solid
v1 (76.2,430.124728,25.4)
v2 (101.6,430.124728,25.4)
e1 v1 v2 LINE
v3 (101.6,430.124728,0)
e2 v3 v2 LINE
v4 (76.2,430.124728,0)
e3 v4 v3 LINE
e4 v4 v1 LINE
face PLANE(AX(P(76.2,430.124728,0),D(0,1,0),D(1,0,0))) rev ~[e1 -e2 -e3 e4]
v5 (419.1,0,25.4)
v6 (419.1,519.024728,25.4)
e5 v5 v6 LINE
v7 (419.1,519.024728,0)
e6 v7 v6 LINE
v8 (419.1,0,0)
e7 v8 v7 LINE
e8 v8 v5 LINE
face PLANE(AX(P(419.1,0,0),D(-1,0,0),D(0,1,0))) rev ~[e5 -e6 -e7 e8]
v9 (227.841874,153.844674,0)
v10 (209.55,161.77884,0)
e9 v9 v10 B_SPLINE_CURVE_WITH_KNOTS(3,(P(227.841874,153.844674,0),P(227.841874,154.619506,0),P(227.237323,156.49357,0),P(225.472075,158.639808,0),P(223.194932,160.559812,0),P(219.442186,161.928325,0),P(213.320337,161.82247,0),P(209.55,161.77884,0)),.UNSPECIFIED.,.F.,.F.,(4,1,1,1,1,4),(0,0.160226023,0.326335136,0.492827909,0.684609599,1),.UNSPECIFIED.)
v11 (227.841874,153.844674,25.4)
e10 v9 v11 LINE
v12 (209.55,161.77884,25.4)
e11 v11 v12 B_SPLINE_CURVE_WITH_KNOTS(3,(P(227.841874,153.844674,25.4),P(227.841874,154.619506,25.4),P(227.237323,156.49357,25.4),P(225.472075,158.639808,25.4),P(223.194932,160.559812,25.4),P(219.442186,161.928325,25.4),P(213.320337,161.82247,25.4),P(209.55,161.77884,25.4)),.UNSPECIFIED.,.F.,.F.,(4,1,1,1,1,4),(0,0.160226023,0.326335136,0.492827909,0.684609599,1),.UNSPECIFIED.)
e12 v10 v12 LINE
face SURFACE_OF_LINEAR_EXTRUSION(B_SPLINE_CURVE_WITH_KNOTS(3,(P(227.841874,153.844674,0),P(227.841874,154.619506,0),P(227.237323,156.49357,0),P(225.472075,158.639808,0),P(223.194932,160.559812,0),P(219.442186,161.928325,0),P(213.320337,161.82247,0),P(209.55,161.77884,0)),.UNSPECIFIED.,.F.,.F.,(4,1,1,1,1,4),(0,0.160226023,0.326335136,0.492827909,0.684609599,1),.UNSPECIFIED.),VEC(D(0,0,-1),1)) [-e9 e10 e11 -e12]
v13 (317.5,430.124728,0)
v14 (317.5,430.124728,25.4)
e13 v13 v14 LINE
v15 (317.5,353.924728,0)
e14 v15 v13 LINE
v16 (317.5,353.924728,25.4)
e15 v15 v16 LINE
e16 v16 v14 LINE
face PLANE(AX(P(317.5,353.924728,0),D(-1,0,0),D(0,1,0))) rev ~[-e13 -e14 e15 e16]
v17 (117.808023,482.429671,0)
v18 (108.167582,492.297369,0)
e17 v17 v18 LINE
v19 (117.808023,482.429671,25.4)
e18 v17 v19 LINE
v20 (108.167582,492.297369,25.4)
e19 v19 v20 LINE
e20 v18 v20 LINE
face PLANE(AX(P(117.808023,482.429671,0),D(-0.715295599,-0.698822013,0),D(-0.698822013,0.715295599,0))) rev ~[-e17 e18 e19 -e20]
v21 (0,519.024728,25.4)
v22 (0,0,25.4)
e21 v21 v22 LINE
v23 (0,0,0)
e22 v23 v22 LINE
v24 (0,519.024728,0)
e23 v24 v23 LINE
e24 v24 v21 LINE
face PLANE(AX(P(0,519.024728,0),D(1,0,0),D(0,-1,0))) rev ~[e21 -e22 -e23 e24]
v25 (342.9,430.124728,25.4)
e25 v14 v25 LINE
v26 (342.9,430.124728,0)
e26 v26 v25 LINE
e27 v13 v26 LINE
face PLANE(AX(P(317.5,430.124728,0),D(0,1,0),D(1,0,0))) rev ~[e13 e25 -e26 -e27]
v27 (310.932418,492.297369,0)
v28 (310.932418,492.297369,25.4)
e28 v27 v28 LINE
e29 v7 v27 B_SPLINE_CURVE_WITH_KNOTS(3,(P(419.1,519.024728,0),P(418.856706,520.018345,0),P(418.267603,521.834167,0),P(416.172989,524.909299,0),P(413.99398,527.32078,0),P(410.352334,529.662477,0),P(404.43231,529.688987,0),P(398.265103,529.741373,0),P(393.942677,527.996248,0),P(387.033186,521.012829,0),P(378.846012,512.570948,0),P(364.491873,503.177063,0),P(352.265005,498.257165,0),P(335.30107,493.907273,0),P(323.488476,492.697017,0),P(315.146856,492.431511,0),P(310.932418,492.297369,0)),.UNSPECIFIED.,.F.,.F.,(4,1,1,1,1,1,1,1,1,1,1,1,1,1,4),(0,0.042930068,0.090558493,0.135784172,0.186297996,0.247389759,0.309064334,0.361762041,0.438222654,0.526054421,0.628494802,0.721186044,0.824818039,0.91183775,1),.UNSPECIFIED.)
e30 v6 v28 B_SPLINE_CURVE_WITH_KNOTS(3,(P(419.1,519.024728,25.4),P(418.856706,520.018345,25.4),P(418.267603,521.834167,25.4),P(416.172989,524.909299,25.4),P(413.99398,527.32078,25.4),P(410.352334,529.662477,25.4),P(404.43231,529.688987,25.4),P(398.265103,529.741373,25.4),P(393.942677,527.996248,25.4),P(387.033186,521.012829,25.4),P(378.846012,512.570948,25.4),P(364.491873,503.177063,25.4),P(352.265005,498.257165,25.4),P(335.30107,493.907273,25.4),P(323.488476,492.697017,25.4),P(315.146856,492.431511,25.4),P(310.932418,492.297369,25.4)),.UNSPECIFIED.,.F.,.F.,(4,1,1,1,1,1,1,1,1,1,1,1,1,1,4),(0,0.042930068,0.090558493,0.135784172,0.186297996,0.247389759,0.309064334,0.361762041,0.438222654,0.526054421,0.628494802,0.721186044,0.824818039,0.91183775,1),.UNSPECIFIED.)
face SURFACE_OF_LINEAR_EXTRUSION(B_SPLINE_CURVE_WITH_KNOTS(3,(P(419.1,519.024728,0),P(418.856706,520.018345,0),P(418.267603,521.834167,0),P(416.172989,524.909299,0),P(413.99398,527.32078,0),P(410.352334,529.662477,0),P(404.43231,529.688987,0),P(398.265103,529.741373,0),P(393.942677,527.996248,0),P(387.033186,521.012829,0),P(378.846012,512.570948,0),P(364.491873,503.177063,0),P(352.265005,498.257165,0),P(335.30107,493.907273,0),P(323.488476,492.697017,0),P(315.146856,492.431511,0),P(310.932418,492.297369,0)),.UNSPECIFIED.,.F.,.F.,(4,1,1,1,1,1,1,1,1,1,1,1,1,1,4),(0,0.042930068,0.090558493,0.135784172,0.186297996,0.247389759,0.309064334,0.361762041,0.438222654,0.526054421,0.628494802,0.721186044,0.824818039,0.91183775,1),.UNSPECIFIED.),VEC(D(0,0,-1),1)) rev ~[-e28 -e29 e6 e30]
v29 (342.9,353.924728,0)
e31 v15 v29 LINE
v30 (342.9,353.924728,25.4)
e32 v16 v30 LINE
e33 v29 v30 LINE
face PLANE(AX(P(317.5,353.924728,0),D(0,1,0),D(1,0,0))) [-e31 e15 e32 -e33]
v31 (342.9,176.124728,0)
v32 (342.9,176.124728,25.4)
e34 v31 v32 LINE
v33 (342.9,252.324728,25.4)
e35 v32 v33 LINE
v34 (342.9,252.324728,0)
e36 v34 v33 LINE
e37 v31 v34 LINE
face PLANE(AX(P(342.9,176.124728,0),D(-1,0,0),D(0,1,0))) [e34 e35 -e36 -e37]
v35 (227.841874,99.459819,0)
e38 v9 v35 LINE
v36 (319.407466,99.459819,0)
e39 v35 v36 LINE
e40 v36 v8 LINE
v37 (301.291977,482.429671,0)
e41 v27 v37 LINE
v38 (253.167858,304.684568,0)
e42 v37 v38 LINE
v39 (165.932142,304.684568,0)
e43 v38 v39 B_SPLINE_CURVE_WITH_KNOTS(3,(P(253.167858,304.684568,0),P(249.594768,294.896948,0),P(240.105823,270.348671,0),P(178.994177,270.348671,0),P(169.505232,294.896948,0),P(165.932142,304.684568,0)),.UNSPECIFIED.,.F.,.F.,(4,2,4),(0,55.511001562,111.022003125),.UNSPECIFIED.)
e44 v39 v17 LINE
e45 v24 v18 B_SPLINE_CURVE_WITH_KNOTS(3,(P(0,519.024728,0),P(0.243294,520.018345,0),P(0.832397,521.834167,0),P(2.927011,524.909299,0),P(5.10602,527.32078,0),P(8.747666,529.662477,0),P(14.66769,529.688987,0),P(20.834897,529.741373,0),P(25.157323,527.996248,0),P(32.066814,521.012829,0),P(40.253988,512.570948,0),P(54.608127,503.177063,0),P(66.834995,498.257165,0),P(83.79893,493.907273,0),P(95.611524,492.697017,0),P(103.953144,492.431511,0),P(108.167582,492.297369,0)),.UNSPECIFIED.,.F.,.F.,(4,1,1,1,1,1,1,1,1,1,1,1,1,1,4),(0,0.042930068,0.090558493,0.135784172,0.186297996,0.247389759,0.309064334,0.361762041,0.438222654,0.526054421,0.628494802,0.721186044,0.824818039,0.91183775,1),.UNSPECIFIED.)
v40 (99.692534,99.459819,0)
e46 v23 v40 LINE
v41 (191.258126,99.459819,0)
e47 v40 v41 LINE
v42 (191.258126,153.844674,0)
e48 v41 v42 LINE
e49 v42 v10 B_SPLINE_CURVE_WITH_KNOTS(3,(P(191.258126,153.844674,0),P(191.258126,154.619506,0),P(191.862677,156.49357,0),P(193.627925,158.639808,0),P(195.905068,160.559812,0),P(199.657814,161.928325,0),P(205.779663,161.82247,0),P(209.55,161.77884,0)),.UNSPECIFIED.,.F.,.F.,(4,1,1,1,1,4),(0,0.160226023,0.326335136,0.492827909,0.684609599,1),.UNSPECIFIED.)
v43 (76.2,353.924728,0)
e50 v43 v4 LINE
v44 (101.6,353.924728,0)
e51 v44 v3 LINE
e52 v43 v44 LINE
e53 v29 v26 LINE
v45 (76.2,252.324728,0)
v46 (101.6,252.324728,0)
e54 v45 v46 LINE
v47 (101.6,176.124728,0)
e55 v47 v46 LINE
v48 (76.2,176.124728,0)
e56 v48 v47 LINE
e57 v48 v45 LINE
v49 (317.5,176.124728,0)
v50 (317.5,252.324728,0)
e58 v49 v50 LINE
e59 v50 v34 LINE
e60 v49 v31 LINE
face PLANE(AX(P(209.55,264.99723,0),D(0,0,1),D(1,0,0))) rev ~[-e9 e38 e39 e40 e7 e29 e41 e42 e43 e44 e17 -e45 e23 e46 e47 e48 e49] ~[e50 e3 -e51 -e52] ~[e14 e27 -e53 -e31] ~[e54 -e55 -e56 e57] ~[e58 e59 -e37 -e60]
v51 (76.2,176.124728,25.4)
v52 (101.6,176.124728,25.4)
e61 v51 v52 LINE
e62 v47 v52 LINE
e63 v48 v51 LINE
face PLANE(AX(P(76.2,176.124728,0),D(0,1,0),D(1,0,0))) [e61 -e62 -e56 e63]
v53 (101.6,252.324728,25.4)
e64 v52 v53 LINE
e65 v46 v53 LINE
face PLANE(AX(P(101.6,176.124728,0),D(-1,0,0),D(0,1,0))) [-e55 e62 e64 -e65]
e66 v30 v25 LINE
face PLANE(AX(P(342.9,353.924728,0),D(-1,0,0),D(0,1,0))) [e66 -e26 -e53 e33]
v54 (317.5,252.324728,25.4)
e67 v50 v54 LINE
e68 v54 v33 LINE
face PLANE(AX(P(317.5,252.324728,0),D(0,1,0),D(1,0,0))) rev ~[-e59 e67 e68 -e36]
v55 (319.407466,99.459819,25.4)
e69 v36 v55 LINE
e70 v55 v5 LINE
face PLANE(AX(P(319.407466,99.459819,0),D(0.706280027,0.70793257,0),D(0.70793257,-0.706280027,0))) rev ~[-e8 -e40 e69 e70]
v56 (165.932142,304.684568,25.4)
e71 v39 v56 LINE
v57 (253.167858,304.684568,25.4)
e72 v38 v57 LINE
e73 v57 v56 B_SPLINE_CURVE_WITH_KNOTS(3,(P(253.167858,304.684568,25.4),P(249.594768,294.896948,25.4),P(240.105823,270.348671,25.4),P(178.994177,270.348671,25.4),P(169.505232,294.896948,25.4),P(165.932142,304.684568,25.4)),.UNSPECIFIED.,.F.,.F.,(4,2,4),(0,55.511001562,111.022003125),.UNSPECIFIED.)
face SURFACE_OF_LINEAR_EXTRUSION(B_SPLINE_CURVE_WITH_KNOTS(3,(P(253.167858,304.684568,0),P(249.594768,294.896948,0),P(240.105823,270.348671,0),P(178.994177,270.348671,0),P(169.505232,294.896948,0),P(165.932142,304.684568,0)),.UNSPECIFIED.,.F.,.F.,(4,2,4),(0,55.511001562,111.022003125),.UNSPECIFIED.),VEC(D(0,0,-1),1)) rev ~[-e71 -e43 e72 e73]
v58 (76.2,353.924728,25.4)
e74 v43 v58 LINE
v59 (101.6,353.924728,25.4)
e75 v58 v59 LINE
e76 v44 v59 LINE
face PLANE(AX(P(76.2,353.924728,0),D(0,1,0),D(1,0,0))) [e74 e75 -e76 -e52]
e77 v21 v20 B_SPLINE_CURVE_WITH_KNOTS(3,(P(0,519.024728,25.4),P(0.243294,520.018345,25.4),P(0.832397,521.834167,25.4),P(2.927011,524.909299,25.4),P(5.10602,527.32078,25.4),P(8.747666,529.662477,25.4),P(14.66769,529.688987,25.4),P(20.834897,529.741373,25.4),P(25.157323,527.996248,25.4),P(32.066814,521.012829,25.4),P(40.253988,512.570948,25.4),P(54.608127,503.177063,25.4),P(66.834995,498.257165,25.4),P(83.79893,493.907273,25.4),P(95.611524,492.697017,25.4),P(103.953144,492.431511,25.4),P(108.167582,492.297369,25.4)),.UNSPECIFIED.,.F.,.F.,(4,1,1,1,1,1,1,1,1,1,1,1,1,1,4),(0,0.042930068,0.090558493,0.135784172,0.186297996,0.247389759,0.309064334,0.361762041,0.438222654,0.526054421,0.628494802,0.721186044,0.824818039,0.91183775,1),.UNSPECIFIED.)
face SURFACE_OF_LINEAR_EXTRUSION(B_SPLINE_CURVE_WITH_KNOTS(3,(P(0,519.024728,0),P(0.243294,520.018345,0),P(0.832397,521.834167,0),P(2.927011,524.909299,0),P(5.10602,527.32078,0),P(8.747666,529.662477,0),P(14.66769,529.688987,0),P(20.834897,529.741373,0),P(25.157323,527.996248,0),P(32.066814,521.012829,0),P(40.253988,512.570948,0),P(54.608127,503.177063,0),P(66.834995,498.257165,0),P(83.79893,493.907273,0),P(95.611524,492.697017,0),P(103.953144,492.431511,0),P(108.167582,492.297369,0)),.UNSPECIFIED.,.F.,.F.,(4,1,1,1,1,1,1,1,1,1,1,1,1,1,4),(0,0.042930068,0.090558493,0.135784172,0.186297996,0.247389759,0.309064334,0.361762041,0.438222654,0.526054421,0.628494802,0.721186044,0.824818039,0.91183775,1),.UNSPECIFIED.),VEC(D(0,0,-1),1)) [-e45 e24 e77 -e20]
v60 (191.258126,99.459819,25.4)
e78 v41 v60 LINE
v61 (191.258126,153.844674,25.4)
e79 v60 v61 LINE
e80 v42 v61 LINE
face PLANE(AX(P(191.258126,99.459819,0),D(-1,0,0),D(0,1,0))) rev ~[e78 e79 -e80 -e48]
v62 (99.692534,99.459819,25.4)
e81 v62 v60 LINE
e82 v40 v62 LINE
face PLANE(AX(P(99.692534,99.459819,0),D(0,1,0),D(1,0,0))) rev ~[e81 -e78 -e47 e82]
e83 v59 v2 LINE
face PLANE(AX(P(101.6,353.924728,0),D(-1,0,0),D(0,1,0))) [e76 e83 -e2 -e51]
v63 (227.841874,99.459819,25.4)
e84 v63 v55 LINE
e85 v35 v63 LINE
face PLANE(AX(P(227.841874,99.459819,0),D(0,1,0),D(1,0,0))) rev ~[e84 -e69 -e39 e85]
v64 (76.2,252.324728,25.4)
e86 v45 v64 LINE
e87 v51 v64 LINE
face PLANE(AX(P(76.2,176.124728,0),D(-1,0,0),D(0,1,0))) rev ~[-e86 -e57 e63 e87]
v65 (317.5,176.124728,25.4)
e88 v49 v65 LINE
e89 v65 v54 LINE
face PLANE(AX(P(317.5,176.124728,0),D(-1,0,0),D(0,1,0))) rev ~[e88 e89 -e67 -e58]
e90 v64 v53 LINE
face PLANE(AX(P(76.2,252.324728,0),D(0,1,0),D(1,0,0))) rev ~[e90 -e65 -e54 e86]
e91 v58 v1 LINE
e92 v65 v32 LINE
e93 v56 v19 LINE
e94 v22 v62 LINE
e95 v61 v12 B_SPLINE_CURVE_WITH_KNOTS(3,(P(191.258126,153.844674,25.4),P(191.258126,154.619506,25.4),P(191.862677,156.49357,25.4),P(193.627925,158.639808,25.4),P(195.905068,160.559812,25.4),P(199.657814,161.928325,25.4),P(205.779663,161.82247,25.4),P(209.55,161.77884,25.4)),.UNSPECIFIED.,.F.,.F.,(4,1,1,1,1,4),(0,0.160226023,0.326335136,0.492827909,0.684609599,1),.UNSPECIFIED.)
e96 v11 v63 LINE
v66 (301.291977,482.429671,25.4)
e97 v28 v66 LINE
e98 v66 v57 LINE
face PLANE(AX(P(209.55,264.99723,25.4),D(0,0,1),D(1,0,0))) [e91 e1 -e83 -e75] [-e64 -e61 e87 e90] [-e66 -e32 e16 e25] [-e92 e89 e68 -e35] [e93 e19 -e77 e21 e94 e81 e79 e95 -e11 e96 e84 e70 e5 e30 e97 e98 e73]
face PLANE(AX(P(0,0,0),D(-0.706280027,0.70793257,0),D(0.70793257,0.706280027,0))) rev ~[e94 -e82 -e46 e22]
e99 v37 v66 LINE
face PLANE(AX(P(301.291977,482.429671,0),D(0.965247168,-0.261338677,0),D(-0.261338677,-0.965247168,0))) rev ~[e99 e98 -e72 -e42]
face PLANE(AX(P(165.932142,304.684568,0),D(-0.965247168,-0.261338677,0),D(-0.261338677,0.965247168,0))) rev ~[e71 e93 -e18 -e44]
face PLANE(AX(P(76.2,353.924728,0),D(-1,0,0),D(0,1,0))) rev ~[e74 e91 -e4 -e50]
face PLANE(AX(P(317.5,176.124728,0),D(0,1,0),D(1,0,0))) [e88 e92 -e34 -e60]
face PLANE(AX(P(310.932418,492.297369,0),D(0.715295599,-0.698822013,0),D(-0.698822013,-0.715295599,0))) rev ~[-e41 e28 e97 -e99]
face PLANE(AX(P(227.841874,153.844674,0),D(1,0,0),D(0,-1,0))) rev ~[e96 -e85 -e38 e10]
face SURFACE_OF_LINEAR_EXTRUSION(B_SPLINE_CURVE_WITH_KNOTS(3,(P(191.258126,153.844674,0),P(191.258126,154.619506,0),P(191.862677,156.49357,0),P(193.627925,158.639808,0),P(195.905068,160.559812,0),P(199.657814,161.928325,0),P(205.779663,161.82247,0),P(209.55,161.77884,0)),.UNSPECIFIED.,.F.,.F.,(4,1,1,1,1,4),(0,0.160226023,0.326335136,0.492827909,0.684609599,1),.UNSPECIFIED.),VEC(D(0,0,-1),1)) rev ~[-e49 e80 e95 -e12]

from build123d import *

# Parameters (mm, degrees)
F0_W     = 25.4
F0_H     = 76.2
F1_DEPTH = 25.4


with BuildPart() as f1:
    # F0 (on Top) → F1 (new body)
    with BuildSketch(Plane.XY):
        with BuildLine():
            Line((419.1, 0), (419.1, 29.1582643986))
            Line((419.1, 29.1582643986), (419.1, 519.0247278661))
            add(Edge.make_bspline(
                [(419.1, 519.0247278661), (418.8567063371, 520.01834504), (418.2676027999, 521.8341670889), (416.1729888065, 524.9092991331), (413.99397965, 527.3207803265), (410.3523343364, 529.6624772185), (404.4323099276, 529.6889871882), (398.2651028435, 529.7413733664), (393.9426766977, 527.9962477103), (387.0331863222, 521.0128293481), (378.8460118264, 512.5709480638), (364.4918733569, 503.1770625677), (352.2650052737, 498.2571654564), (335.3010704369, 493.9072733129), (323.4884756462, 492.6970167361), (315.1468564664, 492.4315109141), (310.9324177345, 492.2973693118)],
                knots=[0, 0, 0, 0, 0.0429300681, 0.0905584934, 0.1357841716, 0.1862979961, 0.247389759, 0.3090643341, 0.3617620414, 0.4382226544, 0.5260544206, 0.6284948022, 0.7211860438, 0.8248180391, 0.9118377504, 1, 1, 1, 1], degree=3))
            Line((310.9324177345, 492.2973693118), (301.2919773897, 482.4296713576))
            Line((301.2919773897, 482.4296713576), (253.1678577503, 304.6845675215))
            add(Edge.make_bspline(
                [(253.1678577503, 304.6845675215), (249.5947679123, 294.8969484076), (240.1058229426, 270.3486711487), (209.55, 270.3486711487)],
                knots=[0, 0, 0, 0, 55.5110015623, 55.5110015623, 55.5110015623, 55.5110015623], degree=3))
            add(Edge.make_bspline(
                [(165.9321422497, 304.6845675215), (169.5052320877, 294.8969484076), (178.9941770574, 270.3486711487), (209.55, 270.3486711487)],
                knots=[0, 0, 0, 0, 55.5110015623, 55.5110015623, 55.5110015623, 55.5110015623], degree=3))
            Line((165.9321422497, 304.6845675215), (117.8080226103, 482.4296713576))
            Line((117.8080226103, 482.4296713576), (108.1675822655, 492.2973693118))
            add(Edge.make_bspline(
                [(0, 519.0247278661), (0.2432936629, 520.01834504), (0.8323972001, 521.8341670889), (2.9270111935, 524.9092991331), (5.10602035, 527.3207803265), (8.7476656636, 529.6624772185), (14.6676900724, 529.6889871882), (20.8348971565, 529.7413733664), (25.1573233023, 527.9962477103), (32.0668136778, 521.0128293481), (40.2539881736, 512.5709480638), (54.6081266431, 503.1770625677), (66.8349947263, 498.2571654564), (83.7989295631, 493.9072733129), (95.6115243538, 492.6970167361), (103.9531435336, 492.4315109141), (108.1675822655, 492.2973693118)],
                knots=[0, 0, 0, 0, 0.0429300681, 0.0905584934, 0.1357841716, 0.1862979961, 0.247389759, 0.3090643341, 0.3617620414, 0.4382226544, 0.5260544206, 0.6284948022, 0.7211860438, 0.8248180391, 0.9118377504, 1, 1, 1, 1], degree=3))
            Line((0, 519.0247278661), (0, 29.1582643986))
            Line((0, 29.1582643986), (0, 0))
            Line((0, 0), (99.6925341323, 99.4598194957))
            Line((99.6925341323, 99.4598194957), (181.0018675759, 99.4598194957))
            Line((181.0018675759, 99.4598194957), (191.2581260124, 99.4598194957))
            Line((191.2581260124, 99.4598194957), (191.2581260124, 153.8446743121))
            add(Edge.make_bspline(
                [(191.2581260124, 153.8446743121), (191.2581260124, 154.6195055676), (191.862677392, 156.4935697657), (193.6279254023, 158.6398084617), (195.90506772, 160.5598117903), (199.6578135601, 161.9283251833), (205.7796629071, 161.8224699323), (209.55, 161.7788404983)],
                knots=[0, 0, 0, 0, 0.1602260225, 0.3263351359, 0.4928279093, 0.6846095993, 1, 1, 1, 1], degree=3))
            add(Edge.make_bspline(
                [(227.8418739876, 153.8446743121), (227.8418739876, 154.6195055676), (227.237322608, 156.4935697657), (225.4720745977, 158.6398084617), (223.19493228, 160.5598117903), (219.4421864399, 161.9283251833), (213.3203370929, 161.8224699323), (209.55, 161.7788404983)],
                knots=[0, 0, 0, 0, 0.1602260225, 0.3263351359, 0.4928279093, 0.6846095993, 1, 1, 1, 1], degree=3))
            Line((227.8418739876, 153.8446743121), (227.8418739876, 99.4598194957))
            Line((227.8418739876, 99.4598194957), (238.0981324241, 99.4598194957))
            Line((238.0981324241, 99.4598194957), (319.4074658677, 99.4598194957))
            Line((319.4074658677, 99.4598194957), (419.1, 0))
        make_face()
        with Locations((88.9, 214.2247278661)):
            Rectangle(F0_W, F0_H, mode=Mode.SUBTRACT)
        with Locations((330.2, 214.2247278661)):
            Rectangle(F0_W, F0_H, mode=Mode.SUBTRACT)
        with Locations((88.9, 392.0247278661)):
            Rectangle(F0_W, F0_H, mode=Mode.SUBTRACT)
        with Locations((330.2, 392.0247278661)):
            Rectangle(F0_W, F0_H, mode=Mode.SUBTRACT)
    extrude(amount=F1_DEPTH)


solid = f1.part
